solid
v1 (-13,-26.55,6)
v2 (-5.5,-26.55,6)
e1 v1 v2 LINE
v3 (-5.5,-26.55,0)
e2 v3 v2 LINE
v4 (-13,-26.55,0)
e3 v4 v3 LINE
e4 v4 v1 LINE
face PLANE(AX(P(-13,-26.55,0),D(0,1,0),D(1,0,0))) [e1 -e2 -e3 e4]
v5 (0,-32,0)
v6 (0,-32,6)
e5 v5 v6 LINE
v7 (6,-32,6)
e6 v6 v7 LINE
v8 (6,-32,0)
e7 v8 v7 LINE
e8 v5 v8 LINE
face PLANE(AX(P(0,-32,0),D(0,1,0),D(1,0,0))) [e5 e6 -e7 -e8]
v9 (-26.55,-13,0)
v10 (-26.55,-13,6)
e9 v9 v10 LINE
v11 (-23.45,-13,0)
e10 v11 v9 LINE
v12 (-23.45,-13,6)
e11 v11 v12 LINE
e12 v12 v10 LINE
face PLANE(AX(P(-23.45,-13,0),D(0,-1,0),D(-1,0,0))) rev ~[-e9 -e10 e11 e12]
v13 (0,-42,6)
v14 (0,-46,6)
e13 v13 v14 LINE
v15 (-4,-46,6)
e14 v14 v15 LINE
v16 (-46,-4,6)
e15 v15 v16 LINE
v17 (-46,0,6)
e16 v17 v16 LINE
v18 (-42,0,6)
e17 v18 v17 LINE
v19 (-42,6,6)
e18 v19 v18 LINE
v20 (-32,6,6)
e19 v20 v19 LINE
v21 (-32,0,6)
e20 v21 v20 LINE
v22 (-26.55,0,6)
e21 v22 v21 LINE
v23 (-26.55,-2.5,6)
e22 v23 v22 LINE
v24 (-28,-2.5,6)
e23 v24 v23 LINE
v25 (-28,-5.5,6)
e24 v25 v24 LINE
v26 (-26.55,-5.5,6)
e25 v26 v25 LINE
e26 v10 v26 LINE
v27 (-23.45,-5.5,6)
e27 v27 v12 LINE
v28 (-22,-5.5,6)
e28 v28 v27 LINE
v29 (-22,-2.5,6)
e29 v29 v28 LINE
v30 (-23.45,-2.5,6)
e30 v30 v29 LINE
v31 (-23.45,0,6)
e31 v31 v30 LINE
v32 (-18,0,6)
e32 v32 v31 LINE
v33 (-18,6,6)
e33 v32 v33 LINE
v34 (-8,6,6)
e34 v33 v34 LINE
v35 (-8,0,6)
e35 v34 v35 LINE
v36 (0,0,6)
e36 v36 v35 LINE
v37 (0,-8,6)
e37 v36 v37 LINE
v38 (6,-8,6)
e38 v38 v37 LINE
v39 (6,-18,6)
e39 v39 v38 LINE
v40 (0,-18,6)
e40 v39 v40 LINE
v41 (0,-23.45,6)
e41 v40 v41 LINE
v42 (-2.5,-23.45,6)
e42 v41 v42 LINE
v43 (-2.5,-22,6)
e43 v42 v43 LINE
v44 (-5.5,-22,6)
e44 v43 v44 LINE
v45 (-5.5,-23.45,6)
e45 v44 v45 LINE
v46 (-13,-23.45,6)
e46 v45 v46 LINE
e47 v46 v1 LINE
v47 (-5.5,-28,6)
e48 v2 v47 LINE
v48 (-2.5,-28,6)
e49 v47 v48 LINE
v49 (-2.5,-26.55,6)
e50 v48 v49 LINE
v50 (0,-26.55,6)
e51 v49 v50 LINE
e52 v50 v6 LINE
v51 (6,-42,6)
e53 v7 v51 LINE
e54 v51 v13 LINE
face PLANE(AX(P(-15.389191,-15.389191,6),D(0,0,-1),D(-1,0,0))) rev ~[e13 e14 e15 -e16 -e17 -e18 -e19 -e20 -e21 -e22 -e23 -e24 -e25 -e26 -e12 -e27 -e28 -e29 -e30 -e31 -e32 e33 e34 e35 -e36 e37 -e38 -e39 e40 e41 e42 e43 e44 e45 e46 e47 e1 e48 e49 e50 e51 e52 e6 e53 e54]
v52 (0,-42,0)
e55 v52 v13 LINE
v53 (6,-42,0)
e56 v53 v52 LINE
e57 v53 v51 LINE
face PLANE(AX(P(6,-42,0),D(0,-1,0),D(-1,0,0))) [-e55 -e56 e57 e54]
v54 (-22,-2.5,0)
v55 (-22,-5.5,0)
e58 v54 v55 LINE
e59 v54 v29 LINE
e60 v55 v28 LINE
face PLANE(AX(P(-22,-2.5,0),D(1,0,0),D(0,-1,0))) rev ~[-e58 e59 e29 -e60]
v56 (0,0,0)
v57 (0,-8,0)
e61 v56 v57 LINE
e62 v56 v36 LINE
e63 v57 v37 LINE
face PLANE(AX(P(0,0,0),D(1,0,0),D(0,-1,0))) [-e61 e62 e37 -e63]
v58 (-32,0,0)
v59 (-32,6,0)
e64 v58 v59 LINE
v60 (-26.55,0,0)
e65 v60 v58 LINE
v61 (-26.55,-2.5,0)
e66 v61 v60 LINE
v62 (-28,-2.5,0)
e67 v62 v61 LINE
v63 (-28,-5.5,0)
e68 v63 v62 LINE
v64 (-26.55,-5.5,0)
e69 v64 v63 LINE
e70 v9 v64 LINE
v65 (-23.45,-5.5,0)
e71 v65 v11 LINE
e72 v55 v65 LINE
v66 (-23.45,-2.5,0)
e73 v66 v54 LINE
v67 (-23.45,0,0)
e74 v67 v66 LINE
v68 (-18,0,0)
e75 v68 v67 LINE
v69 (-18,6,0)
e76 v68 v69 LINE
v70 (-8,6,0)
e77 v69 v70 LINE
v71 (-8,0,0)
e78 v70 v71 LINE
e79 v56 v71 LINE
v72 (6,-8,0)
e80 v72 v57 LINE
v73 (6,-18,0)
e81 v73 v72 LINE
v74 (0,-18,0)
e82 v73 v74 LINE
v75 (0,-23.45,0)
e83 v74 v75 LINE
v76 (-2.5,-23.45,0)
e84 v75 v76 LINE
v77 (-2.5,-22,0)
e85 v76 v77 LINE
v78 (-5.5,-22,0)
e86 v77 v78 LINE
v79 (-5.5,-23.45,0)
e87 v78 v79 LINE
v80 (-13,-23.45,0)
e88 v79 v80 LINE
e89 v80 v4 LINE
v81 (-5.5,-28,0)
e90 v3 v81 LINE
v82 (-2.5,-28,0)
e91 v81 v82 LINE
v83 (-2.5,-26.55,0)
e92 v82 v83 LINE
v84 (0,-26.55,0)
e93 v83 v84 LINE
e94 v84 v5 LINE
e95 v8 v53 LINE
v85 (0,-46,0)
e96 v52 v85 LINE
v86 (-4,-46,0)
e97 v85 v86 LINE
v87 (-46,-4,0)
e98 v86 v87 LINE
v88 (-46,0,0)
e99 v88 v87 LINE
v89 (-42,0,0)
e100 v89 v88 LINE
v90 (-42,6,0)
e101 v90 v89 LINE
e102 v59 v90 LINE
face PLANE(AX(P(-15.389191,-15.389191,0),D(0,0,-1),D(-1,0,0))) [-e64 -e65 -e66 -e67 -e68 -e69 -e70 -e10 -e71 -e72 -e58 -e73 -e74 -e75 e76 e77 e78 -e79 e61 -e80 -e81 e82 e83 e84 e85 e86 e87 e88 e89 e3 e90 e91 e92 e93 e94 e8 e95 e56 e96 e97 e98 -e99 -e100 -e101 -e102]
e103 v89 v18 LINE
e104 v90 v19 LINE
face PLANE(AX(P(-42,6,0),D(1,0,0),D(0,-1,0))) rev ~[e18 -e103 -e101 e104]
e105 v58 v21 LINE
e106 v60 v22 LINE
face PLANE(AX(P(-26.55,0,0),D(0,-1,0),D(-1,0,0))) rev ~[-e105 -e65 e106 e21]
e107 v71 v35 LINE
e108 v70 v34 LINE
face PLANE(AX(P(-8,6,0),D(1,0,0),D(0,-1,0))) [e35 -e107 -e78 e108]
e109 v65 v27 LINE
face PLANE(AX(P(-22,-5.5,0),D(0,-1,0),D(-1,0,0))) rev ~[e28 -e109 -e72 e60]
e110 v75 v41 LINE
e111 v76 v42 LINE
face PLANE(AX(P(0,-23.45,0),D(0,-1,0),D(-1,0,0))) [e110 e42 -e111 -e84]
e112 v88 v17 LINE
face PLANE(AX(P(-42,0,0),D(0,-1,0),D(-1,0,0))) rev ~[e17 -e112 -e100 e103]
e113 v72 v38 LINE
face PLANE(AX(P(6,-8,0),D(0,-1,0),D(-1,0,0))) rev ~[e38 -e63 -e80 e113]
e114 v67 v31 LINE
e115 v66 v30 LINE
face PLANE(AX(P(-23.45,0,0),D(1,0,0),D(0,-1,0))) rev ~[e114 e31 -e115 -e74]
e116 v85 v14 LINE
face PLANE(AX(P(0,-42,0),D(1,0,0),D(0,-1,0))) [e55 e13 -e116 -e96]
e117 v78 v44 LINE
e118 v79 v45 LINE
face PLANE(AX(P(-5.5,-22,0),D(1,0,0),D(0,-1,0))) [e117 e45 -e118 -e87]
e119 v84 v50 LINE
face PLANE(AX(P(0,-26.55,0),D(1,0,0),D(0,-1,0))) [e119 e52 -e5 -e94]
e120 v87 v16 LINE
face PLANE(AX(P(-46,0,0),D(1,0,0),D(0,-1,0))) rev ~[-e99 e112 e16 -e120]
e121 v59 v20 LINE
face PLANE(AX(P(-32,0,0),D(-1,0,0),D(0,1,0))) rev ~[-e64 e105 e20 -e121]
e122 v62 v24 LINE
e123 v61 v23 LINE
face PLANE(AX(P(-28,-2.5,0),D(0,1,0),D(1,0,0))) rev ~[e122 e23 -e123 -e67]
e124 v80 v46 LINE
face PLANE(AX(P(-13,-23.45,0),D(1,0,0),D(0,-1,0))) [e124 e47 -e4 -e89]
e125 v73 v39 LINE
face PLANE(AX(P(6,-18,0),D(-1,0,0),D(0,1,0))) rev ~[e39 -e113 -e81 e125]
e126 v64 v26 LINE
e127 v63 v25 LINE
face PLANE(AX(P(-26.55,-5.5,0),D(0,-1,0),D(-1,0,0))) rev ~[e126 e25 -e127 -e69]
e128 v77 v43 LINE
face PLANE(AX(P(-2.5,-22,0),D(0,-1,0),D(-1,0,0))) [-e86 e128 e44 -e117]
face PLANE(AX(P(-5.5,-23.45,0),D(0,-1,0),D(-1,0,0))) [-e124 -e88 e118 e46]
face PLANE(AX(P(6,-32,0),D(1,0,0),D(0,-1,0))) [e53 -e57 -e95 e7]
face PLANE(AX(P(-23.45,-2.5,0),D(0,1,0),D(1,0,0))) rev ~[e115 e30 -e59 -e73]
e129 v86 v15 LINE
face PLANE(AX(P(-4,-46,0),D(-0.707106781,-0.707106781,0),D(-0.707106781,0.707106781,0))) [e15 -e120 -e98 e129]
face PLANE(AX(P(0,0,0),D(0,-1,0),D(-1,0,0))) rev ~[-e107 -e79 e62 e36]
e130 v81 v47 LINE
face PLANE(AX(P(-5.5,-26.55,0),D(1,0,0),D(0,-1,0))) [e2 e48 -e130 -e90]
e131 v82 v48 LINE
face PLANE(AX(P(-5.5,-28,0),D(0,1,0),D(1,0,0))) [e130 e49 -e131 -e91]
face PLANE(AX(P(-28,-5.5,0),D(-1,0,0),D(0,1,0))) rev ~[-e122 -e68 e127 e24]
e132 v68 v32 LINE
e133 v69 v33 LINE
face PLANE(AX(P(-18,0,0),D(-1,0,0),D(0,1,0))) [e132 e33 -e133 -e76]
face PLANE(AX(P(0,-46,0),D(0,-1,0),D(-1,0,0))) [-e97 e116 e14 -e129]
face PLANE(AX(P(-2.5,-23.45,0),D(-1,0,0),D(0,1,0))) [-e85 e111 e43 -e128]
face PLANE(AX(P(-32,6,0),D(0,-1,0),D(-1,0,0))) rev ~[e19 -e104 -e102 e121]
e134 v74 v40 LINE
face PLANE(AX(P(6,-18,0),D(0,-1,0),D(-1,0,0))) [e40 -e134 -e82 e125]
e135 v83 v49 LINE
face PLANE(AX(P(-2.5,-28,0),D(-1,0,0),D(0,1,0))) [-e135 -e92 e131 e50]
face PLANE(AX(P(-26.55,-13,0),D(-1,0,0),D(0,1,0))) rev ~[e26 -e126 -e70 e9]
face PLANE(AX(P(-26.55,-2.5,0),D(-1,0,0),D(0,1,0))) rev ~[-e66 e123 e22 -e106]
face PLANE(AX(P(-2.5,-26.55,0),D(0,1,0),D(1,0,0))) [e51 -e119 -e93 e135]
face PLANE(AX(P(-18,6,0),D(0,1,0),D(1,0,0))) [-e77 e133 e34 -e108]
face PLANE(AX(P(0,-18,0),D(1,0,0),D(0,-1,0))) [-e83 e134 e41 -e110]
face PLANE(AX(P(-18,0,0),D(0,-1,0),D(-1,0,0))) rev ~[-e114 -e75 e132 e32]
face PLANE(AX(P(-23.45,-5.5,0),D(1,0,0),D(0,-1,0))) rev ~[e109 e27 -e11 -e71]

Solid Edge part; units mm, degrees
sketch "Sketch1" plane through (0, 0, 0) normal (0, 0, -1) x (-1, 0, 0)
  line L0 (4, -46) -> (46, -4)
  line L1 (46, 0) -> (46, -4)
  line L2 (42, 0) -> (46, 0)
  line L3 (42, 6) -> (42, 0)
  line L4 (32, 6) -> (42, 6)
  line L5 (32, 0) -> (32, 6)
  line L6 (26.55, 0) -> (32, 0)
  line L7 (26.55, -2.5) -> (26.55, 0)
  line L8 (28, -2.5) -> (26.55, -2.5)
  line L9 (28, -5.5) -> (28, -2.5)
  line L10 (26.55, -5.5) -> (28, -5.5)
  line L11 (26.55, -13) -> (26.55, -5.5)
  line L12 (23.45, -13) -> (26.55, -13)
  line L13 (23.45, -5.5) -> (23.45, -13)
  line L14 (22, -5.5) -> (23.45, -5.5)
  line L15 (22, -2.5) -> (22, -5.5)
  line L16 (23.45, -2.5) -> (22, -2.5)
  line L17 (23.45, 0) -> (23.45, -2.5)
  line L18 (18, 0) -> (23.45, 0)
  line L19 (18, 0) -> (18, 6)
  line L20 (18, 6) -> (8, 6)
  line L21 (8, 6) -> (8, 0)
  line L22 (0, 0) -> (8, 0)
  line L23 (0, 0) -> (0, -8)
  line L24 (-6, -8) -> (0, -8)
  line L25 (-6, -18) -> (-6, -8)
  line L26 (-6, -18) -> (0, -18)
  line L27 (0, -18) -> (0, -23.45)
  line L28 (0, -23.45) -> (2.5, -23.45)
  line L29 (2.5, -23.45) -> (2.5, -22)
  line L30 (2.5, -22) -> (5.5, -22)
  line L31 (5.5, -22) -> (5.5, -23.45)
  line L32 (5.5, -23.45) -> (13, -23.45)
  line L33 (13, -23.45) -> (13, -26.55)
  line L34 (13, -26.55) -> (5.5, -26.55)
  line L35 (5.5, -26.55) -> (5.5, -28)
  line L36 (5.5, -28) -> (2.5, -28)
  line L37 (2.5, -28) -> (2.5, -26.55)
  line L38 (2.5, -26.55) -> (0, -26.55)
  line L39 (0, -26.55) -> (0, -32)
  line L40 (0, -32) -> (-6, -32)
  line L41 (-6, -32) -> (-6, -42)
  line L42 (-6, -42) -> (0, -42)
  line L43 (0, -42) -> (0, -46)
  line L44 (0, -46) -> (4, -46)
extrude "Protrusion1" add sketch "Sketch1" against normal blind 6
